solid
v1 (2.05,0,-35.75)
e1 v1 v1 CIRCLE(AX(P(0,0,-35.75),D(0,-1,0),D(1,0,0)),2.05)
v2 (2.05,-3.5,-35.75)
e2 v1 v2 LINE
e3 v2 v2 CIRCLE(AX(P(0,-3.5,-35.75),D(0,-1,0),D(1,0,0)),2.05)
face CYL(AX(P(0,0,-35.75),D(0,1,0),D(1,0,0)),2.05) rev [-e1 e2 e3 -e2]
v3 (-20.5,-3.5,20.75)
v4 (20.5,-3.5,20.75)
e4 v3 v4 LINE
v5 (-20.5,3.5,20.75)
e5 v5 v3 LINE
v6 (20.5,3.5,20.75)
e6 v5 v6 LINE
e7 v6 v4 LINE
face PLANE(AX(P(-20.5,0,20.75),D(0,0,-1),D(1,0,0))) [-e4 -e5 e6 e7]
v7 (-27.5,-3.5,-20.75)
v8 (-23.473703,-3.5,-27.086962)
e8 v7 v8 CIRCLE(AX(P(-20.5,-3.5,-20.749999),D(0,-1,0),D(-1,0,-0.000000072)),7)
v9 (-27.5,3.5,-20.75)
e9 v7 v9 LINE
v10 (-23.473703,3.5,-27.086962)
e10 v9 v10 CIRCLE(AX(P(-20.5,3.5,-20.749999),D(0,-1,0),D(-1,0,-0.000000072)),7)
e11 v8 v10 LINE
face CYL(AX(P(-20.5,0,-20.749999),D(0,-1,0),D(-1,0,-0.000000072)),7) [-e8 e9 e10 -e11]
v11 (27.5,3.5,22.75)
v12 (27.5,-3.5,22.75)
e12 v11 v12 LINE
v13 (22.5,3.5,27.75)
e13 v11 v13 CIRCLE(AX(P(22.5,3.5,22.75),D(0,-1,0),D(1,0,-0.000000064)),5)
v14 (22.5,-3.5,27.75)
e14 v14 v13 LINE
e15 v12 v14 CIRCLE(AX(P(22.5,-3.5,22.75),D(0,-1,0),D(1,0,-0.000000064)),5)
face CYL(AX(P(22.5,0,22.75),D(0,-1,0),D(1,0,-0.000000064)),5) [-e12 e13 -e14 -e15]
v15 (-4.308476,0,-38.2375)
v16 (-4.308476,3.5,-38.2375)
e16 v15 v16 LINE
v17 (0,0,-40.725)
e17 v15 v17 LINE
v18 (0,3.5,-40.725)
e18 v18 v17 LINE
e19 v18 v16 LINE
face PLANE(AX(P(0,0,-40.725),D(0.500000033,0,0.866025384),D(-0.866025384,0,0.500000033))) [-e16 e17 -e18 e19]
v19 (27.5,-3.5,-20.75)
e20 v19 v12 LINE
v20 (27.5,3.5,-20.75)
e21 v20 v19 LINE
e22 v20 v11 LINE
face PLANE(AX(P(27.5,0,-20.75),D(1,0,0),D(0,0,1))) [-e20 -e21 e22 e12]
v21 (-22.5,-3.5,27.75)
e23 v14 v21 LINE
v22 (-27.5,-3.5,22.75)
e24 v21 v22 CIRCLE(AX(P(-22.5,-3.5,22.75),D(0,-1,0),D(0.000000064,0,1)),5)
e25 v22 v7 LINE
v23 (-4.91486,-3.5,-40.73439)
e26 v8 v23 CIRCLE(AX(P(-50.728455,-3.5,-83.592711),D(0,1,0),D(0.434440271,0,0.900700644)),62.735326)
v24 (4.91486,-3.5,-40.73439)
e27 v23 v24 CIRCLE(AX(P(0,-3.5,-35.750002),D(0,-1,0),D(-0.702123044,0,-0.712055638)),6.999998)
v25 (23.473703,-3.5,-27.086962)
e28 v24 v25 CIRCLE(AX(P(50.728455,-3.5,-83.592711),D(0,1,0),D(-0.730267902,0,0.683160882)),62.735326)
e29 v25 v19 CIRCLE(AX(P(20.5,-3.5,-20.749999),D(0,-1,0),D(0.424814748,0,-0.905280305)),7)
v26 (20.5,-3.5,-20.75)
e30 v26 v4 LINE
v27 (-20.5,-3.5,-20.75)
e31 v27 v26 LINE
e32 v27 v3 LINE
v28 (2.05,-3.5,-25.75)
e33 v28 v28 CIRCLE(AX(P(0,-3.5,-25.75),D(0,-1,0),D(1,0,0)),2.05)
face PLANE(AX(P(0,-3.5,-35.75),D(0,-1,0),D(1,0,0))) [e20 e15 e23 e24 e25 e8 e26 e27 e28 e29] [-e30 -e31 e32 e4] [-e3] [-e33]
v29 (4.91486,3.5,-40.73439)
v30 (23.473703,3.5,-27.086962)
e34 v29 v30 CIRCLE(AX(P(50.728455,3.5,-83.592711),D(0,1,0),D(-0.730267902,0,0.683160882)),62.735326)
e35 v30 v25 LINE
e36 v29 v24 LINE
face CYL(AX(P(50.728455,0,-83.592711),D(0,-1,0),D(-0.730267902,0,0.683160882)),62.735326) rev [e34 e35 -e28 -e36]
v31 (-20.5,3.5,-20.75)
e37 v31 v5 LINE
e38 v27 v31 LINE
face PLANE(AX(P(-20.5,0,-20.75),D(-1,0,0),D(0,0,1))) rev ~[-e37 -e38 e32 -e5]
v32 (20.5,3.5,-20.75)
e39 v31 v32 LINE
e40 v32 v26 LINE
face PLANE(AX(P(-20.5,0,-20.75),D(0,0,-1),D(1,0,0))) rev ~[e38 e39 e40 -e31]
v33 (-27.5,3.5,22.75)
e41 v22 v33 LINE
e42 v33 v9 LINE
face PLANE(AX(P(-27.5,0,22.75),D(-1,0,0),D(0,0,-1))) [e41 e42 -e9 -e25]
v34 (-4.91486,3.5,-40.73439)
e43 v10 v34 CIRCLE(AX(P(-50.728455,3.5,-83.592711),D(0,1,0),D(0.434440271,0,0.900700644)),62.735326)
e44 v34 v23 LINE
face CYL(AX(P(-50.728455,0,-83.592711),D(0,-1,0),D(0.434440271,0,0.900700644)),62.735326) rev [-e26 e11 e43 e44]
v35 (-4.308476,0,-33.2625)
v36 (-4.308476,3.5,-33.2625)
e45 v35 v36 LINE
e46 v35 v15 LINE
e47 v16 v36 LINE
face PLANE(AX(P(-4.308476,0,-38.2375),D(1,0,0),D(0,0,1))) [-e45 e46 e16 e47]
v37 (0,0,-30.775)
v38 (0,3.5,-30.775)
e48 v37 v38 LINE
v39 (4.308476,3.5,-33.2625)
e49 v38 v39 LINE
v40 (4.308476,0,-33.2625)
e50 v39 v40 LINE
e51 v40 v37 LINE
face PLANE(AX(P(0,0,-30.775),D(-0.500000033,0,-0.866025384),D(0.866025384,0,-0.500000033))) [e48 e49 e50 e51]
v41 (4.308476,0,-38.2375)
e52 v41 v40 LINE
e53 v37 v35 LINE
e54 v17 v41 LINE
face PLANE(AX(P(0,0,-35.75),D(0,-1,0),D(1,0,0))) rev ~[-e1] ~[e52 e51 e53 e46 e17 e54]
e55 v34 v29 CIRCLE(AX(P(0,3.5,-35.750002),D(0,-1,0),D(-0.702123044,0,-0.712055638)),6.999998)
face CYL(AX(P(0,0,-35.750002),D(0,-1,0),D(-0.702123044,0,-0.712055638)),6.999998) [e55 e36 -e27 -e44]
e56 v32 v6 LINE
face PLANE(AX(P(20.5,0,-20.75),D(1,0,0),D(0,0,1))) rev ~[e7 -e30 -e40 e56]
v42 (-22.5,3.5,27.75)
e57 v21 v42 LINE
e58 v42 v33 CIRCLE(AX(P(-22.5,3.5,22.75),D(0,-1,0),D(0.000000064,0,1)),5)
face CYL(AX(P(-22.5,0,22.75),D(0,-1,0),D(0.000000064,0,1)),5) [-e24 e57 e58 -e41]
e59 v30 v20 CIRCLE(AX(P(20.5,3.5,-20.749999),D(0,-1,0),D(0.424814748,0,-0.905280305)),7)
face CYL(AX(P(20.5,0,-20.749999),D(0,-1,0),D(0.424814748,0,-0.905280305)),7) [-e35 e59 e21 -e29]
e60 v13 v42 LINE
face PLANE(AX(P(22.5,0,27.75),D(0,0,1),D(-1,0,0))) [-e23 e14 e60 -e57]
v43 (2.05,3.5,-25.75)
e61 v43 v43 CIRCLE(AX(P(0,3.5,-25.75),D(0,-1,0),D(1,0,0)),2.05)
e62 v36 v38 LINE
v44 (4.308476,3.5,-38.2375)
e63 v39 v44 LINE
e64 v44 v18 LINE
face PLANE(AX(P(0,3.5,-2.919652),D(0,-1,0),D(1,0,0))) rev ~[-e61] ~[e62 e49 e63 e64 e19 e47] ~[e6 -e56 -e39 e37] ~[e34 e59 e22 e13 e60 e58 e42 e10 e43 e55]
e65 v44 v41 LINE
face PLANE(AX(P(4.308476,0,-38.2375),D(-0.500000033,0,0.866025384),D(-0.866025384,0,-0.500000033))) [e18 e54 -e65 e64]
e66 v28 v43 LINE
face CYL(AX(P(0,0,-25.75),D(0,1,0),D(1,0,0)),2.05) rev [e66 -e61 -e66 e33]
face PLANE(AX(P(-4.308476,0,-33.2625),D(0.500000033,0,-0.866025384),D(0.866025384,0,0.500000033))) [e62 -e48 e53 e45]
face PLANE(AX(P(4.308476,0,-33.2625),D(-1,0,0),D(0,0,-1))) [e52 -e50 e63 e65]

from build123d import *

# Parameters (mm, degrees)
F0_R     = 2.05
F0_W     = 41
F0_H     = 41.5
F1_DEPTH = 3.5
F2_DEPTH = 3.5


with BuildPart() as f1:
    # F0 (on Front) → F1 (new body, symmetric)
    with BuildSketch(Plane.XZ):
        with BuildLine():
            ThreePointArc((-23.473703, -27.086962), (-13.562491, -33.051517), (-4.91486, -40.73439))
            ThreePointArc((-4.91486, -40.73439), (0, -42.75), (4.91486, -40.73439))
            ThreePointArc((4.91486, -40.73439), (13.562491, -33.051517), (23.473703, -27.086962))
            ThreePointArc((23.473703, -27.086962), (26.408296, -24.503936), (27.5, -20.75))
            Line((27.5, -20.75), (27.5, 22.75))
            ThreePointArc((27.5, 22.75), (26.035534, 26.285534), (22.5, 27.75))
            Line((22.5, 27.75), (-22.5, 27.75))
            ThreePointArc((-22.5, 27.75), (-26.035534, 26.285534), (-27.5, 22.75))
            Line((-27.5, 22.75), (-27.5, -20.75))
            ThreePointArc((-27.5, -20.75), (-26.408296, -24.503936), (-23.473703, -27.086962))
        make_face()
        Polygon((4.308476, -33.2625), (4.308476, -38.2375), (0, -40.725), (-4.308476, -38.2375), (-4.308476, -33.2625), (0, -30.775), align=None, mode=Mode.SUBTRACT)
        with Locations((0, -25.75)):
            Circle(F0_R, mode=Mode.SUBTRACT)
        Rectangle(F0_W, F0_H, mode=Mode.SUBTRACT)
    extrude(amount=F1_DEPTH, both=True)

    # F0 (on Front) → F2 (join)
    with BuildSketch(Plane.XZ):
        Polygon((0, -40.725), (4.308476, -38.2375), (4.308476, -33.2625), (0, -30.775), (-4.308476, -33.2625), (-4.308476, -38.2375), align=None)
        with Locations((0, -35.75)):
            Circle(F0_R, mode=Mode.SUBTRACT)
    extrude(amount=F2_DEPTH)


solid = f1.part
